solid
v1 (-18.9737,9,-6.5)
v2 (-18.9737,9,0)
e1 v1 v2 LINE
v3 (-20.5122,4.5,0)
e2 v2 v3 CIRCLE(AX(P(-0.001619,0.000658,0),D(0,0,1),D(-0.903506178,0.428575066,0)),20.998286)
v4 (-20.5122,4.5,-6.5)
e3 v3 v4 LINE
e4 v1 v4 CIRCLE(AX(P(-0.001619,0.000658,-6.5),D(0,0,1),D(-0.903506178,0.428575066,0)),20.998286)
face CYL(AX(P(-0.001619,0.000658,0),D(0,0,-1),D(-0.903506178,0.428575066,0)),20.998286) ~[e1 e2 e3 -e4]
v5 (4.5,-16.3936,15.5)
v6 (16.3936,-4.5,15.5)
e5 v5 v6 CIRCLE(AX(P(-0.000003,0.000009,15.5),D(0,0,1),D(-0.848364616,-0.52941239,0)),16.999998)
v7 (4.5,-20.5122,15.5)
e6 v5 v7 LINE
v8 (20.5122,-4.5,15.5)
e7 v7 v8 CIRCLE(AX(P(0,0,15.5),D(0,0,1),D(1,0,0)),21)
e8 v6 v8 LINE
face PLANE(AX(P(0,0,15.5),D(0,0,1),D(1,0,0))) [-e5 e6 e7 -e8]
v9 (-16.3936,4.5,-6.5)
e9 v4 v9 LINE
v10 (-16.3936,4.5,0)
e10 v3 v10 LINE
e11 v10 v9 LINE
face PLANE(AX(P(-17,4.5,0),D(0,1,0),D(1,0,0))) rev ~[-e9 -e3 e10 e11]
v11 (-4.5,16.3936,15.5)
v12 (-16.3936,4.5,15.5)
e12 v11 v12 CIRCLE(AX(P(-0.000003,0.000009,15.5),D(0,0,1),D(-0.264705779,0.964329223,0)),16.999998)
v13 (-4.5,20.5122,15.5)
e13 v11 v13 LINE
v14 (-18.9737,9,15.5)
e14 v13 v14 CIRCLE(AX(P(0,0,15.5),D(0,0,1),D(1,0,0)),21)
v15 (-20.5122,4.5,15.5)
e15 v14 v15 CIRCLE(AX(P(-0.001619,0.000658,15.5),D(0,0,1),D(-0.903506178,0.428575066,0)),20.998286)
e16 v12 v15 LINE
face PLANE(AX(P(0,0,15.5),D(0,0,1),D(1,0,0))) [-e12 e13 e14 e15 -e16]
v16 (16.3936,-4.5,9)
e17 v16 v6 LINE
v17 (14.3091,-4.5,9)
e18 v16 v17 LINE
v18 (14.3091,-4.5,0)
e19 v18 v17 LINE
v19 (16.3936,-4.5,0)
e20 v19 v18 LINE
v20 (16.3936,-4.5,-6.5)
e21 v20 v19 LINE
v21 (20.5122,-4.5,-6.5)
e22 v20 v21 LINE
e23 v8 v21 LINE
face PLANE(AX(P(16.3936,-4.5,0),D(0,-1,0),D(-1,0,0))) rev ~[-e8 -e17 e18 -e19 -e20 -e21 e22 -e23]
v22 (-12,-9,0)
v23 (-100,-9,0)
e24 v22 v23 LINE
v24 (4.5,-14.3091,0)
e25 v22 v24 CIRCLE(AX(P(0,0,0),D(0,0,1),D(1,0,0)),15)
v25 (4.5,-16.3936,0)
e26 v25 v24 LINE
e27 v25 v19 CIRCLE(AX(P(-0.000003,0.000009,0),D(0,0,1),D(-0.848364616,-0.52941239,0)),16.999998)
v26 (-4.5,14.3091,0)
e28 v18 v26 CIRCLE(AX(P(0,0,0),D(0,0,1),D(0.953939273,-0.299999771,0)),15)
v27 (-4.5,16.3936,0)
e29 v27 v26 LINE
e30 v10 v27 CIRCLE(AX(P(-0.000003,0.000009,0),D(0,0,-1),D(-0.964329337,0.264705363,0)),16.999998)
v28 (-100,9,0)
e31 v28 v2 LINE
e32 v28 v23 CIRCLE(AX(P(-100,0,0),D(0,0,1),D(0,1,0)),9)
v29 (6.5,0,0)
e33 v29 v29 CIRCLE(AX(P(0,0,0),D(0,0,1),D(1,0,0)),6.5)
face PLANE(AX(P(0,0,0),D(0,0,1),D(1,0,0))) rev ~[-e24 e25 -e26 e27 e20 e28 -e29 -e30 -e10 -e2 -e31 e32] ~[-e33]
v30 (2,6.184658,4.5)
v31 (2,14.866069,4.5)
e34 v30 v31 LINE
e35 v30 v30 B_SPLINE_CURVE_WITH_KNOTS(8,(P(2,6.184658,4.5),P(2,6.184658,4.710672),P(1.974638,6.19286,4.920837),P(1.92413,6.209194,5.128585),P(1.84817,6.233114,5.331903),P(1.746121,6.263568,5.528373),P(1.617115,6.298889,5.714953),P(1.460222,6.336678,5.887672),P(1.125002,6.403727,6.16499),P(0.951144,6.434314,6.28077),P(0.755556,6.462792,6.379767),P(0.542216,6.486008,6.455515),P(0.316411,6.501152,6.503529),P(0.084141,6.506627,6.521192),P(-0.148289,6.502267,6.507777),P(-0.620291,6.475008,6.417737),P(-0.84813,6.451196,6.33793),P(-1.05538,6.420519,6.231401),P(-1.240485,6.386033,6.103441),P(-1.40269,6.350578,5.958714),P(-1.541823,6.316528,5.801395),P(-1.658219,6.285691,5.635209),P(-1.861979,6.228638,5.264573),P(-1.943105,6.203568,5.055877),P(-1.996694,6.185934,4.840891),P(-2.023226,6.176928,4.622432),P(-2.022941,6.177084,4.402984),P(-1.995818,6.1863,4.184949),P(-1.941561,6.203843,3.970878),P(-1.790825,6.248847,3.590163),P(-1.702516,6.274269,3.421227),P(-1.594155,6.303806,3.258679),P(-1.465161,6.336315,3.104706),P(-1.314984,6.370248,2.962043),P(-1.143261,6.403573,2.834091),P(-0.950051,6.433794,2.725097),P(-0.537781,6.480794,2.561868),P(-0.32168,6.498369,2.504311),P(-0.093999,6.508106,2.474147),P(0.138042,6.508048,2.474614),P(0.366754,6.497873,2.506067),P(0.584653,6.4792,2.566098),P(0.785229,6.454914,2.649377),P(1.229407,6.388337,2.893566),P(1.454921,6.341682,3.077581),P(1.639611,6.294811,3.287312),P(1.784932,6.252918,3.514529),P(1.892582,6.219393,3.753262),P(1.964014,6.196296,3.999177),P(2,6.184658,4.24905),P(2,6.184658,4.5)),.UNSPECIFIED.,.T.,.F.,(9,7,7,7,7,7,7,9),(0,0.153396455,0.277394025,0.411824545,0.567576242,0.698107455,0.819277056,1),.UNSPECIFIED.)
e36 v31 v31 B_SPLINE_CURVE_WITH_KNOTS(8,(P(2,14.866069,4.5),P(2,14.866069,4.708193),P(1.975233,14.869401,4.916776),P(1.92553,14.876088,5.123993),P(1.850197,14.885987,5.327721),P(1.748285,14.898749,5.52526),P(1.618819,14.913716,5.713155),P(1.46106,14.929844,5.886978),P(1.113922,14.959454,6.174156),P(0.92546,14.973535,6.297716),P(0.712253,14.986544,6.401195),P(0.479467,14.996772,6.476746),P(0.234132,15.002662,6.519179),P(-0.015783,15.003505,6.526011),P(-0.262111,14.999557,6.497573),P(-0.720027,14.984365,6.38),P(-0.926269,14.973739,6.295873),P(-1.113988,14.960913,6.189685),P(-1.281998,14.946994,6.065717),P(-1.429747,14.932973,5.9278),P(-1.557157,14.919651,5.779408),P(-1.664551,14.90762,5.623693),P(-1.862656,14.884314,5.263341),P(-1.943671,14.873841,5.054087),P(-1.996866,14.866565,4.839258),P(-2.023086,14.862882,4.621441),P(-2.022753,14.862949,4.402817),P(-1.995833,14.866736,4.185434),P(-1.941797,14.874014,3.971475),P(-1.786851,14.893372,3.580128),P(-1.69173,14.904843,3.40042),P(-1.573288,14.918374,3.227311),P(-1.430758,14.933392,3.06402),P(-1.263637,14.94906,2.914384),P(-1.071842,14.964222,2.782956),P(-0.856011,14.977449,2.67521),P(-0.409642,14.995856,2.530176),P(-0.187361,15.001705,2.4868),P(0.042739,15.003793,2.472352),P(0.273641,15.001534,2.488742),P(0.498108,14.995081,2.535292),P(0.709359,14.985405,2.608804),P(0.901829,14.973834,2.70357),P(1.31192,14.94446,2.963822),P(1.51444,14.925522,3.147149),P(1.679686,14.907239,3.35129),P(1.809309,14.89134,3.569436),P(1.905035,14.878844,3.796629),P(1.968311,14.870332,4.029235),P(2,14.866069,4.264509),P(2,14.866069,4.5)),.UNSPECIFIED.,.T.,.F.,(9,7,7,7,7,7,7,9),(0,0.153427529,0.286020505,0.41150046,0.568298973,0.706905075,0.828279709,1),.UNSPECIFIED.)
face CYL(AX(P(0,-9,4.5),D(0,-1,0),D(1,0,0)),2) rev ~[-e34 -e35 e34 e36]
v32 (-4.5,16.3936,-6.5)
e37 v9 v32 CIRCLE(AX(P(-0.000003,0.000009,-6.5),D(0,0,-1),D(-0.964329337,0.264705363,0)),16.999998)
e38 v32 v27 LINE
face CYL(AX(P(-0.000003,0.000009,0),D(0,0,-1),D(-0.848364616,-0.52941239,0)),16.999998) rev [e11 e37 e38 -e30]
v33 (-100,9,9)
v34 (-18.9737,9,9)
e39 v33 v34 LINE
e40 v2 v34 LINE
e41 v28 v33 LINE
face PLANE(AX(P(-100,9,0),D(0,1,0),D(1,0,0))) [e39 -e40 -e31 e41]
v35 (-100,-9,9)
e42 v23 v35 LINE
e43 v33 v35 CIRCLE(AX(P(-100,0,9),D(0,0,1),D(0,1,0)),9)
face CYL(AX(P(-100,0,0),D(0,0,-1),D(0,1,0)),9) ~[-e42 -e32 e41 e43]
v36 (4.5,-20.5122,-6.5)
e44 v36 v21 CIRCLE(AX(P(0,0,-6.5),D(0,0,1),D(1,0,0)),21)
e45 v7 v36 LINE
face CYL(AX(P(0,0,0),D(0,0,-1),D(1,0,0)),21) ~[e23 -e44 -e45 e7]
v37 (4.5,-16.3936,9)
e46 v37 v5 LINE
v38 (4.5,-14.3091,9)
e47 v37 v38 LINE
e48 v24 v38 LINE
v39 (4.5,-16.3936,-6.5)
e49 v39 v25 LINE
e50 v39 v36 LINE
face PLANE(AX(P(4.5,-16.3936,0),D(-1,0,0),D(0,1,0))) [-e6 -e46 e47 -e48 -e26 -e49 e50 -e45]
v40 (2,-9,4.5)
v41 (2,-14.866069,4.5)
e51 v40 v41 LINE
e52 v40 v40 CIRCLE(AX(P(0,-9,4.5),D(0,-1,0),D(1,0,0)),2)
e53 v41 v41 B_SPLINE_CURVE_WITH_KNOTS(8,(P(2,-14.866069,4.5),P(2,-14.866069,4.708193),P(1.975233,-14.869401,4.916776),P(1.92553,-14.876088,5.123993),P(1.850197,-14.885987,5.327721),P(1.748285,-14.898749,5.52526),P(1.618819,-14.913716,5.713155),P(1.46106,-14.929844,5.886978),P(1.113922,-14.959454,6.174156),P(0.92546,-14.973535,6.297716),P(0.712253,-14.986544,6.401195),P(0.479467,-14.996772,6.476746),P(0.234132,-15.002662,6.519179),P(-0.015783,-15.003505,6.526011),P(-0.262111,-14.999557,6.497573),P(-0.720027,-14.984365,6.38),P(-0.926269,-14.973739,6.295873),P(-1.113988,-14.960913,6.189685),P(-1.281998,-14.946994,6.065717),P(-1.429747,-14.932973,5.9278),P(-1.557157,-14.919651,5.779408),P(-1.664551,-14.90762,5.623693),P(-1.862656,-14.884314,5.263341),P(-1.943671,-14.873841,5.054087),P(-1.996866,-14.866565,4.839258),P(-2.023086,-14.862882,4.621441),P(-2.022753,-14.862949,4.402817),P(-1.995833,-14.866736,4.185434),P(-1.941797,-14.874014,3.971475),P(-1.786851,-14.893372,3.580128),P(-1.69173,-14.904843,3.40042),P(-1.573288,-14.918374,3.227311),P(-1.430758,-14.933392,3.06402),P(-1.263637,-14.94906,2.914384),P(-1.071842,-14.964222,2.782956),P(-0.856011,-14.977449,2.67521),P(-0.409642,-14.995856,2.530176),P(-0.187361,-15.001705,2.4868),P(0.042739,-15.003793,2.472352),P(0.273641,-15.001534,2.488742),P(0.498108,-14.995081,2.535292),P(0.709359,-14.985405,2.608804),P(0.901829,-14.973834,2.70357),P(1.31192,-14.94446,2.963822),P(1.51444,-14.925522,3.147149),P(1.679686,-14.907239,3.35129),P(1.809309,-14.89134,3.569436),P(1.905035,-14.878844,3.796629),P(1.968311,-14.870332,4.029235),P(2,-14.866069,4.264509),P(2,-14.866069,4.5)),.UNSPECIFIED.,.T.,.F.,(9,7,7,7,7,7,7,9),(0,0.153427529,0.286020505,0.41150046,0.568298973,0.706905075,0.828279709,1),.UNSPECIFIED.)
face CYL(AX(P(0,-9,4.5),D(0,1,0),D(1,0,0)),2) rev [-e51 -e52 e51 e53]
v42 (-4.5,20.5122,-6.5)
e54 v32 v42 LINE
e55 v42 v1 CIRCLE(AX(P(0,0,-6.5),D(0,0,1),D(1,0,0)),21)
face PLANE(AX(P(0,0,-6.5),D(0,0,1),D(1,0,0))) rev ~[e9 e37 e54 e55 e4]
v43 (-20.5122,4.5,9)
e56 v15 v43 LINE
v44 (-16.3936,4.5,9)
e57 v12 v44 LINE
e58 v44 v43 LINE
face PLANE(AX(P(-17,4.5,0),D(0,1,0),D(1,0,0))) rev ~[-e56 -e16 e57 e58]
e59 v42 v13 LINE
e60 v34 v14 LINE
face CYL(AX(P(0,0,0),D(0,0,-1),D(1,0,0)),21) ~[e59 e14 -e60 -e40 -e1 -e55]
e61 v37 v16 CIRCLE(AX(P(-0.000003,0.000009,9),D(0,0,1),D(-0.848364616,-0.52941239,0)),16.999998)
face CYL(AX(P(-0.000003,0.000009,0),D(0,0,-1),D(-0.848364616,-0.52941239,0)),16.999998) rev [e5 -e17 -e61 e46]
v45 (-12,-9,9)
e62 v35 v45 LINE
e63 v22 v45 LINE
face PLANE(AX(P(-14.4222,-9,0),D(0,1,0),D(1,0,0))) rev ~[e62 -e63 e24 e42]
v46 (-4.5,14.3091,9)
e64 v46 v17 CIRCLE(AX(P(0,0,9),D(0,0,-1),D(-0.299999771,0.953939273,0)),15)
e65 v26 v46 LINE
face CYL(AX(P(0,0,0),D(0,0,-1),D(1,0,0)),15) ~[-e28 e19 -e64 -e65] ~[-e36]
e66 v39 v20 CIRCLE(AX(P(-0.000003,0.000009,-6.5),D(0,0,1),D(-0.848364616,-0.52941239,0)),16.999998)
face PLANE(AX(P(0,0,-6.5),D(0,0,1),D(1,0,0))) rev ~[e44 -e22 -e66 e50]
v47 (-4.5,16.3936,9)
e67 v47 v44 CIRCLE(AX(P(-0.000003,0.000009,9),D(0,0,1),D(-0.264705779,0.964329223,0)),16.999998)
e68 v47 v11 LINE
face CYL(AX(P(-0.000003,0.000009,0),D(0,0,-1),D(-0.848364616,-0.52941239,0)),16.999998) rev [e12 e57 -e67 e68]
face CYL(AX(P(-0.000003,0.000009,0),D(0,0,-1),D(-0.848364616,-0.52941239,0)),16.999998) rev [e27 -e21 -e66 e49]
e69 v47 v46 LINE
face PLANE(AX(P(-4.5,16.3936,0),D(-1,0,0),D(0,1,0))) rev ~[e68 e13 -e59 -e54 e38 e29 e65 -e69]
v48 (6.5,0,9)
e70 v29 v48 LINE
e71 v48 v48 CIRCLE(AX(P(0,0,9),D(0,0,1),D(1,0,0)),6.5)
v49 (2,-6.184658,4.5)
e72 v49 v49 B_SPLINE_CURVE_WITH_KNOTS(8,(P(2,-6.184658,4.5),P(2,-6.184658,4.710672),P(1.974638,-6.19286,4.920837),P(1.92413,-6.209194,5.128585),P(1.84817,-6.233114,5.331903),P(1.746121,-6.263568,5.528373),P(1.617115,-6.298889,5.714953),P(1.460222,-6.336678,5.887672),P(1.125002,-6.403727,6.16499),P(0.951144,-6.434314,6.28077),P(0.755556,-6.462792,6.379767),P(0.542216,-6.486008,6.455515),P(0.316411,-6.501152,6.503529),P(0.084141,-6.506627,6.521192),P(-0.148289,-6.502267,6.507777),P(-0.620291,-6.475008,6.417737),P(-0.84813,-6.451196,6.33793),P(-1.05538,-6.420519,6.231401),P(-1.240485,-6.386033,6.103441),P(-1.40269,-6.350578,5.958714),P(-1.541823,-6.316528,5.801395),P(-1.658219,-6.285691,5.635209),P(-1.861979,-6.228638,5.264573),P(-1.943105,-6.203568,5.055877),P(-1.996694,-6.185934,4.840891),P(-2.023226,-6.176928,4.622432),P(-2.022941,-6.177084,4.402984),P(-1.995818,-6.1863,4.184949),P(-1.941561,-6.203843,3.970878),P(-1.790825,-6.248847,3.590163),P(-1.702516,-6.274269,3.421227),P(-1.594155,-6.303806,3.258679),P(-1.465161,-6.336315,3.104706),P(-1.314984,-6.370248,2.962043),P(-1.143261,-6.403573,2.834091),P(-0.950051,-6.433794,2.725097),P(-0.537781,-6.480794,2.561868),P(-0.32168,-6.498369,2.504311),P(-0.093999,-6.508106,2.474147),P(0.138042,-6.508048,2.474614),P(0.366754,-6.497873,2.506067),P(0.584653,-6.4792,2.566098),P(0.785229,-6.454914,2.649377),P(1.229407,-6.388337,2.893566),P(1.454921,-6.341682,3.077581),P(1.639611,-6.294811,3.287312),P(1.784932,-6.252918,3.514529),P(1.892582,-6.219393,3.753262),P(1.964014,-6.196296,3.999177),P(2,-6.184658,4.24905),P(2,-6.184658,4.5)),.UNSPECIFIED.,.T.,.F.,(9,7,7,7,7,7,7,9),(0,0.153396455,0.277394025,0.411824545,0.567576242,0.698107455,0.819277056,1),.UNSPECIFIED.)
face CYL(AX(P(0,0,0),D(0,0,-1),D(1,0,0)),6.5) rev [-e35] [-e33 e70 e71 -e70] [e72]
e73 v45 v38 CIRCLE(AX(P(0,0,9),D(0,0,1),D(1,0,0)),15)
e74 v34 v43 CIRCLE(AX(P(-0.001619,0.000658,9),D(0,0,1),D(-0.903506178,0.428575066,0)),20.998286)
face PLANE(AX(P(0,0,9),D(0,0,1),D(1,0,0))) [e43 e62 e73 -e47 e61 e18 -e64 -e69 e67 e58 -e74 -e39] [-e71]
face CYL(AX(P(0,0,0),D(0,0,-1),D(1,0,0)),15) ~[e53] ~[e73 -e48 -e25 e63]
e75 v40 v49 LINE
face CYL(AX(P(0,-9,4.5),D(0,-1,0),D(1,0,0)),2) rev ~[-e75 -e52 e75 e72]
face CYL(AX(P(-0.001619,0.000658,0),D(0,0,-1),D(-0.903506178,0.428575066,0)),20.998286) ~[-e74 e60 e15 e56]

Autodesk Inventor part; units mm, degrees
ref_plane "YZ Plane" through (0, 0, 0) normal (1, 0, 0) x (0, 1, 0)
ref_plane "XZ Plane" through (0, 0, 0) normal (0, 1, 0) x (-1, 0, 0)
ref_plane "XY Plane" through (0, 0, 0) normal (0, 0, 1) x (1, 0, 0)
sketch "Sketch1" plane through (0, 0, 0) normal (0, 0, 1) x (1, 0, 0)
  circle A0 centre (0, 0) radius 6.5
  circle A1 centre (0, 0) radius 15
  arc A2 (-18.9737, 9) -> (-20.5122, 4.5) centre (0, 0) ccw
  arc A3 (-14.4222, -9) -> (-16.3936, 4.5) centre (0, 0) ccw
  line L0 (0, 17) -> (-4.5, 17) construction
  line L1 (17, 0) -> (17, -4.5) construction
  line L2 (16.3936, -4.5) -> (14.3091, -4.5)
  line L3 (0, -17) -> (4.5, -17) construction
  line L4 (4.5, -16.3936) -> (4.5, -14.3091)
  line L5 (-17, 0) -> (-17, 4.5) construction
  line L6 (-17, 4.5) -> (-14.3091, 4.5)
  line L7 (0, 0) -> (-100, 0) construction
  arc A4 (-100, 9) -> (-100, -9) centre (-100, 0) ccw
  line L8 (-100, -9) -> (-12, -9)
  line L9 (-100, 9) -> (-18.9737, 9)
  line L10 (-14.4222, 9) -> (-12, 9)
  line L11 (-17, 4.5) -> (-20.5122, 4.5)
  line L12 (-4.5, 16.3936) -> (-4.5, 14.3091)
  line L13 (-4.5, 16.3936) -> (-4.5, 17) construction
  line L14 (17, -4.5) -> (16.3936, -4.5) construction
  line L15 (4.5, -17) -> (4.5, -16.3936) construction
  circle A5 centre (0, 0) radius 21
  line L16 (-4.5, 16.3936) -> (-4.5, 20.5122)
  line L17 (4.5, -16.3936) -> (4.5, -20.5122)
  line L18 (16.3936, -4.5) -> (20.5122, -4.5)
  dimension "d3" = 34
  dimension "d0" = 13
  dimension "d1" = 30
  dimension "d2" = 42
  dimension "d4" = 4.5
  dimension "d5" = 4.5
  dimension "d6" = 4.5
  dimension "d7" = 4.5
  dimension "d8" = 100
  dimension "d9" = 9
extrude "Extrusion1" add sketch "Sketch1" along normal blind 9 contours A1 | A1 L10 A3 L12 | L2 A3 L4 A1 | A1 L6 A3 L10 | A1 L8 A5 L11 L6 | A2 A5 L8 A4 L9
extrude "Extrusion2" add sketch "Sketch1" along normal blind 15.5 and the other way blind 6.5 contours A3 L6 L11 A2 A5 L16 | L18 A5 L17 A3
sketch "Sketch2" plane through (-100, -9, 0) normal (0, -1, 0) x (1, 0, 0)
  line L0 (0, 0) -> (134.8199, 0) construction
  line L1 (100, 0) -> (100, -17.6353) construction
  line L2 (100, 0) -> (104.5, 0) construction
  line L3 (115, 0) -> (95.5, 0) construction
  line L4 (100, 0) -> (100, 4.5) construction
  circle A0 centre (100, 4.5) radius 2
  point P0 (114.3091, 0)
  dimension "d25" = 4.5
  dimension "d26" = 4.5
  dimension "d27" = 4
extrude "Extrusion3" cut sketch "Sketch2" along normal mid plane 89
equation "\"d5\" = d4"
equation "\"d6\" = d4"
equation "\"d7\" = d4"
properties part number "Handle" material "Steel, Mild"
